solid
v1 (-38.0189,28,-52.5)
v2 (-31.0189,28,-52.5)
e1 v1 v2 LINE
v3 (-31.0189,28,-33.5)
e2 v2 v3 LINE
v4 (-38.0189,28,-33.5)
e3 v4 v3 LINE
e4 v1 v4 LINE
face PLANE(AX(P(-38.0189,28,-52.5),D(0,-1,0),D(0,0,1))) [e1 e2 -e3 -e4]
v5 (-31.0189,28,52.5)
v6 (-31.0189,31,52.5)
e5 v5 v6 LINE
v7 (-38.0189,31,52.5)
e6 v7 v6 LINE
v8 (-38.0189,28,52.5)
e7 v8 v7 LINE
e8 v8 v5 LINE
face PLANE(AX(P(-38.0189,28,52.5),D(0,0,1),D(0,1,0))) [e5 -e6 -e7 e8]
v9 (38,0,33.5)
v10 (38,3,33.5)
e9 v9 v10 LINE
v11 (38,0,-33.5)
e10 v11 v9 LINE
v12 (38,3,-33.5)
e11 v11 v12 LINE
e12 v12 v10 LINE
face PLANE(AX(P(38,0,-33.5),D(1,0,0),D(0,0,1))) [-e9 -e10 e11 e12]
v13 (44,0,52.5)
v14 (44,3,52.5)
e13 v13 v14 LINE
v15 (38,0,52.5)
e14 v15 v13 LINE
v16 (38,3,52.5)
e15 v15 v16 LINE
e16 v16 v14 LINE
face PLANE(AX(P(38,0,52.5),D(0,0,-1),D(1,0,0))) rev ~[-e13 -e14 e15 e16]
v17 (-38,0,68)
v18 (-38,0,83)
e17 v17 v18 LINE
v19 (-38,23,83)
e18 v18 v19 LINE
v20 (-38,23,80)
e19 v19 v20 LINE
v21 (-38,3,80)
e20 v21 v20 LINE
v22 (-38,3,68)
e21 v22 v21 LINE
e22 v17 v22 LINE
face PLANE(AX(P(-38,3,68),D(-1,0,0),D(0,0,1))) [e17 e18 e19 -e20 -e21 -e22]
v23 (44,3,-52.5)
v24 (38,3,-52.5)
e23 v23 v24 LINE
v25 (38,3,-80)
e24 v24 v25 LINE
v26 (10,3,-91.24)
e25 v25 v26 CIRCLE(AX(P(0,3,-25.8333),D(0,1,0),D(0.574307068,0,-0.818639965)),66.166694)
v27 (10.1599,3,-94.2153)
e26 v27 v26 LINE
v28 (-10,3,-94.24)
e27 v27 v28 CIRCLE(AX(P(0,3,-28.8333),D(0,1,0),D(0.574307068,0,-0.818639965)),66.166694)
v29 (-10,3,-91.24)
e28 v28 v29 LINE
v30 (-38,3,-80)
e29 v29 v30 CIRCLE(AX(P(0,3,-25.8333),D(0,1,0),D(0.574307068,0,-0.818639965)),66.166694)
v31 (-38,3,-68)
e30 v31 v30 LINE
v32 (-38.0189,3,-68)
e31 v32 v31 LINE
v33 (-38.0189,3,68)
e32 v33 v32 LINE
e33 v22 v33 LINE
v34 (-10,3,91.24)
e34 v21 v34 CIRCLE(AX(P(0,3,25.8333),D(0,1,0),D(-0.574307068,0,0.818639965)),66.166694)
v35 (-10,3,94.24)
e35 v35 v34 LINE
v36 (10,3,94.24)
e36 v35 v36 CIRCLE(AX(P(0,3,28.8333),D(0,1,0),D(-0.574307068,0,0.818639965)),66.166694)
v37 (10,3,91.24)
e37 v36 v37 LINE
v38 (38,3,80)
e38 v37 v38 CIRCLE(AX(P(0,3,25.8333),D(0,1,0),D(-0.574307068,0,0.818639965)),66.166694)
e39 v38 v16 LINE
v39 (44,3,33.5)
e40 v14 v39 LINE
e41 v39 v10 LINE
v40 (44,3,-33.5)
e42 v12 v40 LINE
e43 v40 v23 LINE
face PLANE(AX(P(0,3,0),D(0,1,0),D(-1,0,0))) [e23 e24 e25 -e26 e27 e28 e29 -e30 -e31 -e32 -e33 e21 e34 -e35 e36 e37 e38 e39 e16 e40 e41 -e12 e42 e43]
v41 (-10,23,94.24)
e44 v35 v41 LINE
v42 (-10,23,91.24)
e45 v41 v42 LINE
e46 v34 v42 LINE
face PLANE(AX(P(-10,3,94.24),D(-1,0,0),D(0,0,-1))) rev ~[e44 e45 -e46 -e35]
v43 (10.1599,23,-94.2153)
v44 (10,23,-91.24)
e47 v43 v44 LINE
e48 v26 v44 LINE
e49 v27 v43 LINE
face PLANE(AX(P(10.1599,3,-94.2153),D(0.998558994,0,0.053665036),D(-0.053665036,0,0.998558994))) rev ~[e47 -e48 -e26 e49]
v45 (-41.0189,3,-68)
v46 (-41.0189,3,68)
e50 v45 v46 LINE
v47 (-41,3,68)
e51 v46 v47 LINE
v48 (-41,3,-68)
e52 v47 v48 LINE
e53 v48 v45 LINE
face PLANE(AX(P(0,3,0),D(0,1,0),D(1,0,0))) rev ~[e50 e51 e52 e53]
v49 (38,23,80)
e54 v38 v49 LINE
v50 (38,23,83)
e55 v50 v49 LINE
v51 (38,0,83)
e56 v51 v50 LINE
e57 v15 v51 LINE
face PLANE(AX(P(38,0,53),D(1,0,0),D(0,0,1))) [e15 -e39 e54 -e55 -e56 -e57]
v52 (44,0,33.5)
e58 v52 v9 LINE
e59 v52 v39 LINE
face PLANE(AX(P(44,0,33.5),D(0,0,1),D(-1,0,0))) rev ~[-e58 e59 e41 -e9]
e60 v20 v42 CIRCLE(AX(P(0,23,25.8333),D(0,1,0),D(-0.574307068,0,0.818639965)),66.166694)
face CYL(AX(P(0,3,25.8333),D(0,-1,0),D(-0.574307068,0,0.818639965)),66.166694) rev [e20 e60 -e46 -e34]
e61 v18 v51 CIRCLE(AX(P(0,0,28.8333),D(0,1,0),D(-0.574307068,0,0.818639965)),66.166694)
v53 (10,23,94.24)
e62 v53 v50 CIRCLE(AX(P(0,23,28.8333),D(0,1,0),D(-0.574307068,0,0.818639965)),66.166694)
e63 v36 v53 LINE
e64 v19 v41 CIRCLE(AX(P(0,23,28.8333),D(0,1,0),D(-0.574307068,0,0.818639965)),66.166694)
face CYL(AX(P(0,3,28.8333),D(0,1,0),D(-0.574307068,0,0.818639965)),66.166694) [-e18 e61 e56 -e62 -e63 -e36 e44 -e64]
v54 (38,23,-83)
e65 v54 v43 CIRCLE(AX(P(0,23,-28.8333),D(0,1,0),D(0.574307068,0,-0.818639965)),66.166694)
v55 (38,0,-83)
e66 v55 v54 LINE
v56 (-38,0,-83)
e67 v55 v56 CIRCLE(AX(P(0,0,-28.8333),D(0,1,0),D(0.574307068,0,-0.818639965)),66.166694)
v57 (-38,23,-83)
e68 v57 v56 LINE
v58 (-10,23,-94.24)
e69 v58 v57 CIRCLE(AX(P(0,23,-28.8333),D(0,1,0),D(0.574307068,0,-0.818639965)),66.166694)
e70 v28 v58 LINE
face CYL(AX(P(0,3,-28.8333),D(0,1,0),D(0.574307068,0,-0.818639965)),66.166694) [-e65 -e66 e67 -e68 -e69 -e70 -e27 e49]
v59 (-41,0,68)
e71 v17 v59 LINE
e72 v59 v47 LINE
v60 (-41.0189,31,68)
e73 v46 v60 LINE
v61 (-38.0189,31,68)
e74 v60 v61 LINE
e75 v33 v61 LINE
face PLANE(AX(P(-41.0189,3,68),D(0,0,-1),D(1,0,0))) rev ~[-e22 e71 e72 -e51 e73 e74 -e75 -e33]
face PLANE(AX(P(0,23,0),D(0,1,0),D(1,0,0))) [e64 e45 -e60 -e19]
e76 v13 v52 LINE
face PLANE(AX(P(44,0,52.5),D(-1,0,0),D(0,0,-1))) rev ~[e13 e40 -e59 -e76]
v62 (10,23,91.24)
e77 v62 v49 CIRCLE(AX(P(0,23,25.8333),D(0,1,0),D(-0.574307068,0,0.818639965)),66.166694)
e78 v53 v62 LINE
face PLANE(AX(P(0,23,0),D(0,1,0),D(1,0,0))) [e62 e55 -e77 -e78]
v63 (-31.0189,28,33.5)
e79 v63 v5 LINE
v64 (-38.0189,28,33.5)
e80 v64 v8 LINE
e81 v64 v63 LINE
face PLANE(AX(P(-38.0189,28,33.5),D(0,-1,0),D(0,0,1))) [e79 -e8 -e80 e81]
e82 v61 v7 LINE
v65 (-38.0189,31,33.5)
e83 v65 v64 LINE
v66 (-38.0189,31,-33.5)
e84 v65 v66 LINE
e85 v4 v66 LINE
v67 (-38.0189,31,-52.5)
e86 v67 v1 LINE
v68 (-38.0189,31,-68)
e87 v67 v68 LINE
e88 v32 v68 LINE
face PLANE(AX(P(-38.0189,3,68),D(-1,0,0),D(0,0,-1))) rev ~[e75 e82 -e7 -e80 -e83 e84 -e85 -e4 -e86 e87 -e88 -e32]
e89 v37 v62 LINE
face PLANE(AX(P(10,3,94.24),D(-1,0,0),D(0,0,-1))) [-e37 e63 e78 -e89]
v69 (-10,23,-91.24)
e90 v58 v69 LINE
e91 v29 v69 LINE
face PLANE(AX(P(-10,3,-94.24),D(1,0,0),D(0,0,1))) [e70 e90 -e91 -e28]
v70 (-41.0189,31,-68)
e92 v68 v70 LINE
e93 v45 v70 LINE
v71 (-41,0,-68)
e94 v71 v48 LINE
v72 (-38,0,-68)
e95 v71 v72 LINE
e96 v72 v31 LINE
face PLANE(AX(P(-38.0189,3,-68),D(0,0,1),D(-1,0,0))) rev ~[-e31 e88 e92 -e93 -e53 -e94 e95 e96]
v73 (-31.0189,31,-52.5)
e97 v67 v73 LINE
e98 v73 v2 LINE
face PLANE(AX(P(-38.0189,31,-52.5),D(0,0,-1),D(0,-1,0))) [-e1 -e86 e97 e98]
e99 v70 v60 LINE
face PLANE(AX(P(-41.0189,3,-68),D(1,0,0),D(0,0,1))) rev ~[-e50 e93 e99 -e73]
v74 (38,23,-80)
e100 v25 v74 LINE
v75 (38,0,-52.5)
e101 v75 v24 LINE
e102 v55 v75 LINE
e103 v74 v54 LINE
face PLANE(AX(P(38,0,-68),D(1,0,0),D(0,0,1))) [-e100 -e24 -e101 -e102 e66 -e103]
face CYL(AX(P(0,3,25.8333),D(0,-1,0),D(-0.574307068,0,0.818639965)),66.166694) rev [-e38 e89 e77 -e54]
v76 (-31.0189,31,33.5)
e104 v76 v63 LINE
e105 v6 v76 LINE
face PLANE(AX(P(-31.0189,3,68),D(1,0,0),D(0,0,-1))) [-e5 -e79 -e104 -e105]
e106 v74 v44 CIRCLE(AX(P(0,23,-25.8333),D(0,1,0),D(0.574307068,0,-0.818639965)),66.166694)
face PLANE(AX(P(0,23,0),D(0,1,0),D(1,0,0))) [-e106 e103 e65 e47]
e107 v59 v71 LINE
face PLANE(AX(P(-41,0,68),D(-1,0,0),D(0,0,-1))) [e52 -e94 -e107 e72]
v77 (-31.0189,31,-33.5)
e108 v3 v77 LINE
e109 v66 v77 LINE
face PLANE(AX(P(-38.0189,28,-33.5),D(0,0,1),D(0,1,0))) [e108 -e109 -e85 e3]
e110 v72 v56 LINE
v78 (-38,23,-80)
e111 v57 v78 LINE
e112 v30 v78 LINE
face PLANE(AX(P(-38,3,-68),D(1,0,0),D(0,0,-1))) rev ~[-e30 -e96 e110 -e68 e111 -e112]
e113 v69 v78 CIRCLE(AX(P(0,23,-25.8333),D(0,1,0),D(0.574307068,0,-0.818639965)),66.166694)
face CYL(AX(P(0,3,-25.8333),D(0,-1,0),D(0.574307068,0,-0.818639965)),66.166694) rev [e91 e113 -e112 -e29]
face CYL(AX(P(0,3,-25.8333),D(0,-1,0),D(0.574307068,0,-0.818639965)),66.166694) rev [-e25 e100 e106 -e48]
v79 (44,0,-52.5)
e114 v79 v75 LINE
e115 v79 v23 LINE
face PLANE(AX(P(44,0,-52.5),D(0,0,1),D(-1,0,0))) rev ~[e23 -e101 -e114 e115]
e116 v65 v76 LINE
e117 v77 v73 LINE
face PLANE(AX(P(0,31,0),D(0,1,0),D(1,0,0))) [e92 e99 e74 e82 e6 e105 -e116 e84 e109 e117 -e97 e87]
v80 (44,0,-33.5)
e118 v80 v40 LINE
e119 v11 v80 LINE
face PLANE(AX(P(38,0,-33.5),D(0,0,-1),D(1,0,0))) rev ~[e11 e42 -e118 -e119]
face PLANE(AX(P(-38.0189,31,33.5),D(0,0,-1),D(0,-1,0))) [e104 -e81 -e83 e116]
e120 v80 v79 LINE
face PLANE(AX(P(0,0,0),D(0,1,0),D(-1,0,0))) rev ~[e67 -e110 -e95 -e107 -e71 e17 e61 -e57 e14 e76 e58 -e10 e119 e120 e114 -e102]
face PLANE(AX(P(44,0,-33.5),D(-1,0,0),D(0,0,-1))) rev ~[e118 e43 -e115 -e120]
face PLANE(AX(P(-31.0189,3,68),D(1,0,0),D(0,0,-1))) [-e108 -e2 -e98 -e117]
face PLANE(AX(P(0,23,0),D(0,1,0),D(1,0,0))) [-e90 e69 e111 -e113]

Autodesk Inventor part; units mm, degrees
ref_plane "YZ Plane" through (0, 0, 0) normal (1, 0, 0) x (0, 1, 0)
ref_plane "XZ Plane" through (0, 0, 0) normal (0, 1, 0) x (-1, 0, 0)
ref_plane "XY Plane" through (0, 0, 0) normal (0, 0, 1) x (1, 0, 0)
sketch "Sketch1" plane through (0, 0, 0) normal (0, 1, 0) x (-1, 0, 0)
  line L0 (38, 68) -> (38, -68)
  line L1 (-38, -68) -> (-38, 68)
  line L2 (-38, 68) -> (38, -68) construction
  line L3 (38, 68) -> (-38, -68) construction
  line L4 (0, -68) -> (0, -80)
  arc A0 (-38, -68) -> (38, -68) centre (0, -13.8333) ccw
  arc A1 (38, 68) -> (-38, 68) centre (0, 13.8333) ccw
  line L5 (38, -68) -> (38, 68)
  line L6 (-38, 68) -> (-38, 53)
  line L7 (-38, -68) -> (-38, -53)
  line L8 (-38, -53) -> (-38, -34)
  line L9 (-38, 53) -> (-38, 34)
  line L10 (38, -68) -> (38, 68)
  line L11 (38, 68) -> (41, 68)
  line L12 (41, 68) -> (41, -68)
  line L13 (41, -68) -> (38, -68)
  line L14 (38, -68) -> (38, 68)
  line L15 (-38, 68) -> (-38, 53)
  line L16 (-38, 34) -> (-38, 53)
  line L17 (-38, -68) -> (-38, -53)
  line L18 (-38, -34) -> (-38, -53)
  line L19 (-38, 68) -> (-38, 52.5)
  line L20 (-38, 52.5) -> (-44, 52.5)
  line L21 (-44, 52.5) -> (-44, 33.5)
  line L22 (-44, 33.5) -> (-38, 33.5)
  line L23 (-38, 33.5) -> (-38, 52.5)
  line L24 (-38, 33.5) -> (-38, -33.5)
  line L25 (-38, -33.5) -> (-44, -33.5)
  line L26 (-44, -33.5) -> (-44, -52.5)
  line L27 (-44, -52.5) -> (-38, -52.5)
  line L28 (-38, -52.5) -> (-38, -33.5)
  point P0 (0, 0)
  dimension "d129" = 3
extrude "taban" add sketch "Sketch1" along normal blind 3
sketch "Sketch2" plane through (0, 3, 0) normal (0, 1, 0) x (1, 0, 0)
  line L0 (-41.0189, -68) -> (-38.0189, -68)
  line L1 (-38.0189, -68) -> (-38.0189, 68)
  line L2 (-38.0189, 68) -> (-41.0189, 68)
  line L3 (-41.0189, 68) -> (-41.0189, -68)
  point P0 (0, 0)
  dimension "d45" = 3
  dimension "d46" = 136
extrude "direk" add sketch "Sketch2" along normal blind 28
sketch "Sketch5" plane through (-38.0189, 3, 68) normal (1, 0, 0) x (0, 0, -1)
  line L0 (15.5, 28) -> (34.5, 28)
  line L1 (34.5, 28) -> (34.5, 25)
  line L2 (34.5, 25) -> (15.5, 25)
  line L3 (15.5, 25) -> (15.5, 28)
  line L4 (101.5, 28) -> (120.5, 28)
  line L5 (120.5, 28) -> (120.5, 25)
  line L6 (120.5, 25) -> (101.5, 25)
  line L7 (101.5, 25) -> (101.5, 28)
  point P0 (68, -3)
  point P1 (0, 28)
extrude "sikigecme" add sketch "Sketch5" along normal blind 7
sketch "Sketch6" plane through (0, 3, 0) normal (0, 1, 0) x (1, 0, 0)
  line L0 (-41, -68) -> (-38, -68) projected
  line L1 (-38, -68) -> (-38, -83)
  arc A0 (-38, -68) -> (38, -68) centre (0, -13.8333) ccw projected
  line L2 (38, -68) -> (38, -83)
  arc A1 (-38, -83) -> (38, -83) centre (0, -28.8333) ccw
  arc A2 (38, 68) -> (-38, 68) centre (0, 13.8333) ccw projected
  line L3 (-38, 68) -> (-38, 83)
  line L4 (38, 68) -> (38, 83)
  arc A3 (38, 83) -> (-38, 83) centre (0, 28.8333) ccw
  arc A4 (-38, -68) -> (38, -68) centre (0, -13.8333) ccw
  arc A5 (38, 68) -> (-38, 68) centre (0, 13.8333) ccw
  point P0 (0, 0)
  dimension "d66" = 15
  dimension "d67" = 15
  dimension "d99" = 15
  dimension "d100" = 15
extrude "fazlalik" add sketch "Sketch6" against normal blind 3
sketch "Sketch7" plane through (0, 3, 0) normal (0, 1, 0) x (1, 0, 0)
  arc A0 (-38, -83) -> (38, -83) centre (0, -28.8333) ccw projected
  line L0 (-38, -83) -> (-38, -80)
  line L1 (38, -83) -> (38, -80)
  arc A1 (-38, -80) -> (38, -80) centre (0, -25.8333) ccw
  arc A2 (-38, -83) -> (38, -83) centre (0, -28.8333) ccw
  arc A3 (38, 83) -> (-38, 83) centre (0, 28.8333) ccw projected
  line L2 (-38, 83) -> (-38, 80)
  line L3 (-38, 68) -> (-38, 83) projected
  line L4 (38, 52.5) -> (38, 83) projected
  line L5 (38, 83) -> (38, 80)
  arc A4 (38, 80) -> (-38, 80) centre (0, 25.8333) ccw
  arc A5 (38, 83) -> (-38, 83) centre (0, 28.8333) ccw
  point P0 (0, 0)
  point P1 (38, 53)
  point P2 (38, -34)
  dimension "d74" = 3
  dimension "d75" = 3
  dimension "d102" = 3
  dimension "d103" = 3
extrude "yandirek" add sketch "Sketch7" along normal blind 20
sketch "Sketch9" plane through (0, 3, 0) normal (0, 1, 0) x (1, 0, 0)
  arc A0 (-38, -83) -> (38, -83) centre (0, -28.8333) ccw projected
  line L0 (-10, -94.24) -> (-10, -91.24)
  arc A1 (-38, -80) -> (38, -80) centre (0, -25.8333) ccw projected
  line L1 (10, -94.24) -> (10, -91.24)
  arc A2 (-10, -94.24) -> (10, -94.24) centre (0, -28.8333) ccw
  arc A3 (-10, -91.24) -> (10, -91.24) centre (0, -25.8333) ccw
  arc A4 (38, 83) -> (-38, 83) centre (0, 28.8333) ccw projected
  line L2 (10.1599, 94.2153) -> (10, 91.24)
  arc A5 (38, 80) -> (-38, 80) centre (0, 25.8333) ccw projected
  line L3 (-10, 94.24) -> (-10, 91.24)
  arc A6 (10, 91.24) -> (-10, 91.24) centre (0, 25.8333) ccw
  arc A7 (10.1599, 94.2153) -> (-10, 94.24) centre (0, 28.8333) ccw
  point P0 (0, 0)
  point P1 (10, -91.24)
  point P2 (-10, 94.24)
extrude "yanbosluk" cut sketch "Sketch9" along normal blind 20
properties part number "VR_Telefon_Tutucu_3DPrint"
